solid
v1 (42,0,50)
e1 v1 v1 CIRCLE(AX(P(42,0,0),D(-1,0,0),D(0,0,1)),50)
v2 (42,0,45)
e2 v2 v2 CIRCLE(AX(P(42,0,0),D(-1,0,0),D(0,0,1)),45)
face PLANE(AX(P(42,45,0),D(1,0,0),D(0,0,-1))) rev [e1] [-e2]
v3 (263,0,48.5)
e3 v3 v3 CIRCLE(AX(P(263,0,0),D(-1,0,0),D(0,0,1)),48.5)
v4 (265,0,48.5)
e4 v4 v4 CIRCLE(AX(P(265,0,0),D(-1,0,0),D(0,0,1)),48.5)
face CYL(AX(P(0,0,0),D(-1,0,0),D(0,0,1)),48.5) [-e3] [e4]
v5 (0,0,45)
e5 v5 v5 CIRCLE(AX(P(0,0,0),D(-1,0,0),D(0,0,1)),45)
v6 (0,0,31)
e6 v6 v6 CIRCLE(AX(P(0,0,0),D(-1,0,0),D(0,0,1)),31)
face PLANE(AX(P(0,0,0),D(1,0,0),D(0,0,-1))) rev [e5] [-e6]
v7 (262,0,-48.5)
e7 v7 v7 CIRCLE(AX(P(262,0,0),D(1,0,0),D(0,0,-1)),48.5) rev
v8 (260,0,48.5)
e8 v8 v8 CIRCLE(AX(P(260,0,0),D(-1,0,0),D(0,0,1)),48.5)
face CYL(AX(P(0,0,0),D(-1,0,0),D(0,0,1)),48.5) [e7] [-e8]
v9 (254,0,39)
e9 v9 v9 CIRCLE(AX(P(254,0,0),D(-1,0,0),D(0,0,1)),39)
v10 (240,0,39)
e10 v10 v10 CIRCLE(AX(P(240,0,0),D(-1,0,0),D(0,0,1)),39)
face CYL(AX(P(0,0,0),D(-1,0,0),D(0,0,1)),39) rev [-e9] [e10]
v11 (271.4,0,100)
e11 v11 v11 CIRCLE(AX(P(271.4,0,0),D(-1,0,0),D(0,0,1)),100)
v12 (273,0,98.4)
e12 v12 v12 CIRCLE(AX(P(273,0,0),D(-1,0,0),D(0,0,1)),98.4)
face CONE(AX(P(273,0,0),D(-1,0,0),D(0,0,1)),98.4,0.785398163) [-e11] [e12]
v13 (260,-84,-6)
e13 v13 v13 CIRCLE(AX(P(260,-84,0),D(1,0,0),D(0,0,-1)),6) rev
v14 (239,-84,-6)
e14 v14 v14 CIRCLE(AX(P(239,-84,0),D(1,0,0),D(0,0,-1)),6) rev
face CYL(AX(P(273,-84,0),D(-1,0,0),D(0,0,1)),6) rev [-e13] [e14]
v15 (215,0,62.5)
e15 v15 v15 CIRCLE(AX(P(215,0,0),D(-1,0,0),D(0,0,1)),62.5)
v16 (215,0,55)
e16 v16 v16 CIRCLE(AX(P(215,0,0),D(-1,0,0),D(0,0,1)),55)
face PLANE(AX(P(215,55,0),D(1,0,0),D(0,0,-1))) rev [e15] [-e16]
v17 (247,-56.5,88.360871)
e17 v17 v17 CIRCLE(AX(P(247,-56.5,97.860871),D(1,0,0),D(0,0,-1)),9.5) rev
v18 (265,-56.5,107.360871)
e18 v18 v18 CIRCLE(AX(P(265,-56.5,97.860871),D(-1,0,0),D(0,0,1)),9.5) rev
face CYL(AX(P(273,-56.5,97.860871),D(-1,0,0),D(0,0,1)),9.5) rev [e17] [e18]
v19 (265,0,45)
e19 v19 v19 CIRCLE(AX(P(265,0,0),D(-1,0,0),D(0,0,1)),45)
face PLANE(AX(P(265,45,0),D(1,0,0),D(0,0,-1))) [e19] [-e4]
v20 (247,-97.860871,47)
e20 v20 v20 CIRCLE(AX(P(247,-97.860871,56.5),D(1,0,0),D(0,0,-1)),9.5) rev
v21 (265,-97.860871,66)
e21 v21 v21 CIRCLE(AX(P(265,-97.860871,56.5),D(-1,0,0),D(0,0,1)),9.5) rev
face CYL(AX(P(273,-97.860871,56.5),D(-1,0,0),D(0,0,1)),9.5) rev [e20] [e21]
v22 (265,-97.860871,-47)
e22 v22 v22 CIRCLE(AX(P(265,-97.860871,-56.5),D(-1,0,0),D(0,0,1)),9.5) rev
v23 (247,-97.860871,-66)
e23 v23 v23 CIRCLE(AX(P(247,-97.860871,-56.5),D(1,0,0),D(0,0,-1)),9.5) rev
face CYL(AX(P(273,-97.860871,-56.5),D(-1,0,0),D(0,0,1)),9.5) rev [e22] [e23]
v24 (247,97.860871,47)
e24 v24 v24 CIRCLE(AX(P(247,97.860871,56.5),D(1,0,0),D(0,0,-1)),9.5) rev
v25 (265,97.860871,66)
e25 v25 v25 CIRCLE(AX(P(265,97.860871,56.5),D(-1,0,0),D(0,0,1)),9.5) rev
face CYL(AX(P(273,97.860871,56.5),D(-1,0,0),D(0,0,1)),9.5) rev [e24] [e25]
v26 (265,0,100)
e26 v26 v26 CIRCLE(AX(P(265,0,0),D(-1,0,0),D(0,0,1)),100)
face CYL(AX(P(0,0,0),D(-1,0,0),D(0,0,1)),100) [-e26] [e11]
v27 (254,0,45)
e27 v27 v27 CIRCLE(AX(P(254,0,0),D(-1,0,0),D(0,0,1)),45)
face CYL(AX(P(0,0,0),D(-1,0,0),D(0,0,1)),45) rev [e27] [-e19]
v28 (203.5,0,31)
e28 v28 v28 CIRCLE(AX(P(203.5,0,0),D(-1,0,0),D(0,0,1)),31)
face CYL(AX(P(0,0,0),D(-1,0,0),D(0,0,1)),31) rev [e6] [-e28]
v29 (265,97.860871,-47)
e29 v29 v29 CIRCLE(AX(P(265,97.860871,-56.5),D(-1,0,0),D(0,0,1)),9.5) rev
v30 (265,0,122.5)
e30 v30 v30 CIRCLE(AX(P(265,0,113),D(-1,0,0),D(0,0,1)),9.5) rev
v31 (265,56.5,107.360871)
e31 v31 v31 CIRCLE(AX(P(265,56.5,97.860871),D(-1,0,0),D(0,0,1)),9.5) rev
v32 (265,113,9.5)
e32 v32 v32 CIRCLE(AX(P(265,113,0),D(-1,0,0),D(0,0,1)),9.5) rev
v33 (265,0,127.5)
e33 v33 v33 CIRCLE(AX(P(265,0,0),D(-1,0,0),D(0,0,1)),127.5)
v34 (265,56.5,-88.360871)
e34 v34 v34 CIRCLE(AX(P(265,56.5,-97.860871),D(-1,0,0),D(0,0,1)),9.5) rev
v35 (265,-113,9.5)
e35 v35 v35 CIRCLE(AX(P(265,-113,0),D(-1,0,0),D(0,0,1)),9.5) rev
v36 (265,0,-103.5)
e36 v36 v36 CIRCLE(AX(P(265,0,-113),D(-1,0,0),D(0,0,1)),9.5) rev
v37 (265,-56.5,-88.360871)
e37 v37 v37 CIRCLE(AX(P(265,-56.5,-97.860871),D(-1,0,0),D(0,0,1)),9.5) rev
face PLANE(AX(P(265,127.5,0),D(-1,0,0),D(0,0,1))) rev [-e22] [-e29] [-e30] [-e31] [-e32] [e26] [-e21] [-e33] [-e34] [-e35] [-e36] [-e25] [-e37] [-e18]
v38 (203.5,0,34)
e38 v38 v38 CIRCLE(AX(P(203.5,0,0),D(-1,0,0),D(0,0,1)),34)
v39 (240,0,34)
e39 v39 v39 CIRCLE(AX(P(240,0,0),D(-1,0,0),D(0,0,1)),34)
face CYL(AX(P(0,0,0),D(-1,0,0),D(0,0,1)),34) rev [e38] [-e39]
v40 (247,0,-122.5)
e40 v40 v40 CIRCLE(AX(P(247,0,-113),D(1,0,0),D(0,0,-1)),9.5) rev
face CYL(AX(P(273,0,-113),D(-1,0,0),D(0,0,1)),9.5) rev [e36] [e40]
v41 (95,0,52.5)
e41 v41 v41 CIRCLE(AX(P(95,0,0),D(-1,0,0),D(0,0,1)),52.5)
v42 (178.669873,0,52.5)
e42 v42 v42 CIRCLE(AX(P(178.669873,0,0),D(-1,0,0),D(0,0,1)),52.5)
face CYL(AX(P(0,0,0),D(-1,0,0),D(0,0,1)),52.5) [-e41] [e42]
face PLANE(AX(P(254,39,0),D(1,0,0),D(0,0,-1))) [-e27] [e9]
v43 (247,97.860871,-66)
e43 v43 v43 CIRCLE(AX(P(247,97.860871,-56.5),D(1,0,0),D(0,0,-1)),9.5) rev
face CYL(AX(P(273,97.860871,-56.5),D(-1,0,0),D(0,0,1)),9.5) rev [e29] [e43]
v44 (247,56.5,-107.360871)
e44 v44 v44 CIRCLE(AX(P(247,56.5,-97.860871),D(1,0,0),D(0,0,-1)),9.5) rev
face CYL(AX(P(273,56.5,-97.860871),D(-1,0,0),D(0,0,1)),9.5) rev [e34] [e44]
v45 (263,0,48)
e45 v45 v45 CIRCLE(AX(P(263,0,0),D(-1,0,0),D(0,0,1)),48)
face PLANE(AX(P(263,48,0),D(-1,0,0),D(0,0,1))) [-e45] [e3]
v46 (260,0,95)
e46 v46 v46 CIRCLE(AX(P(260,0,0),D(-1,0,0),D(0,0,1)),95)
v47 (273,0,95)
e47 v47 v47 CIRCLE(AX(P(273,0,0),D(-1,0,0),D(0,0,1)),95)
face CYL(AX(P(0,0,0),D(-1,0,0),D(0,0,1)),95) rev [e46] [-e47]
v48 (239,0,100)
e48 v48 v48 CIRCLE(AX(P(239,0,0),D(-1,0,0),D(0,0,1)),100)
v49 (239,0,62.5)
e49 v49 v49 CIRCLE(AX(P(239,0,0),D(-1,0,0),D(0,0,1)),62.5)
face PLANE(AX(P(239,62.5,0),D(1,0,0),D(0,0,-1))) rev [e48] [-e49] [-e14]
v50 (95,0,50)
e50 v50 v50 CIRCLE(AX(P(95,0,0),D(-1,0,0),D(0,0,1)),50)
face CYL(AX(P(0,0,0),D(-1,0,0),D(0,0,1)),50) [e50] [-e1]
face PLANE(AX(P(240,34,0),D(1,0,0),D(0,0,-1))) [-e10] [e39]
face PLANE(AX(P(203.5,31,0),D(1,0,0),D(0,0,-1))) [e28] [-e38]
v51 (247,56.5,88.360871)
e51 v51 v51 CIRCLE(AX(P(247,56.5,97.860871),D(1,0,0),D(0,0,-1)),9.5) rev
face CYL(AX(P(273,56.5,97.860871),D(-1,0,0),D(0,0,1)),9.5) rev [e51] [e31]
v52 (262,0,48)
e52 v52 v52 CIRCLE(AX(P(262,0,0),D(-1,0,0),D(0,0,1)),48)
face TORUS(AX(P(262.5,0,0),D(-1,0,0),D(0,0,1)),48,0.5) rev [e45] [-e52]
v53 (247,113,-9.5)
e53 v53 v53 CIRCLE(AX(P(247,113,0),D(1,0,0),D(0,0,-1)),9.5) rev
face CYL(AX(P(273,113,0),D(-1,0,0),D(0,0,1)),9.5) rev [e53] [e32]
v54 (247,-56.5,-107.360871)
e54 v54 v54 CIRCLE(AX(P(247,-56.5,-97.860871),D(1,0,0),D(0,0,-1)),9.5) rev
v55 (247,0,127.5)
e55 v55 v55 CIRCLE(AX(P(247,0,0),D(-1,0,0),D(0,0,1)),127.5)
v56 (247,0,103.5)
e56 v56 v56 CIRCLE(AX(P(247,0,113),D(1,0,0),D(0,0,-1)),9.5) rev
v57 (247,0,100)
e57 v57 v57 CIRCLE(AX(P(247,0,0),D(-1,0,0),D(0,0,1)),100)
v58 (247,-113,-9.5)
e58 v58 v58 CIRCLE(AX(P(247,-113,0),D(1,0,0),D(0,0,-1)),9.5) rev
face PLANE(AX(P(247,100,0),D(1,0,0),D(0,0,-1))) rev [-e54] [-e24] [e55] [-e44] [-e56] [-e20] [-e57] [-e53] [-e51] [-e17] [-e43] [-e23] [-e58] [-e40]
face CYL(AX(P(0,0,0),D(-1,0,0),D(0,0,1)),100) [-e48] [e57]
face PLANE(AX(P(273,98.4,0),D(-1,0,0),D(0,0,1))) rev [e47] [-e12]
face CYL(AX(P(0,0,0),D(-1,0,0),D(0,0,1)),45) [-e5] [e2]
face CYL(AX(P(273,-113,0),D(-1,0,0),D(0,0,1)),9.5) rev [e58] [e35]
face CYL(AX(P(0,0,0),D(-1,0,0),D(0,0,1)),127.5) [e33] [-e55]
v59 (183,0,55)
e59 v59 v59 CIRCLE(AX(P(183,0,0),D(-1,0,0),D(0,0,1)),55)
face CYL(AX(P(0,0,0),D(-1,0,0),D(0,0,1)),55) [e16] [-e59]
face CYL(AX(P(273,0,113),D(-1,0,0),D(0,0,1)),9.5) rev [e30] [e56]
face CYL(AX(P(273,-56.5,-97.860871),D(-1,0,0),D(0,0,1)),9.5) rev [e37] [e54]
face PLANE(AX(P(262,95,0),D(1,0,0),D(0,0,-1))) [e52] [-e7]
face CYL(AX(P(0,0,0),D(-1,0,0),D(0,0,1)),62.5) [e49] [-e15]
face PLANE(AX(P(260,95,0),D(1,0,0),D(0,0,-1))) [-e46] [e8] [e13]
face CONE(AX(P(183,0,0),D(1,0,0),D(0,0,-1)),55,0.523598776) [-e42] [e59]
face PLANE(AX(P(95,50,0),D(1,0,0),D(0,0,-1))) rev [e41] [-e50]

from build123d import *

# Parameters (mm, degrees)
SKETCH_3_W           = 2
SKETCH_3_H           = 46.5
SKETCH_5_W           = 2
SKETCH_5_H           = 46.5
SKETCH_6_R           = 9.5
CUT_EXTRUDE_1_DEPTH  = 328.171973127
SKETCH_7_R           = 9.5
CUT_EXTRUDE_2_DEPTH  = 328.171973127
SKETCH_8_R           = 9.5
CUT_EXTRUDE_3_DEPTH  = 328.171973127
SKETCH_9_R           = 9.5
CUT_EXTRUDE_4_DEPTH  = 328.171973127
SKETCH_10_R          = 9.5
CUT_EXTRUDE_5_DEPTH  = 328.171973127
SKETCH_11_R          = 9.5
CUT_EXTRUDE_6_DEPTH  = 328.171973127
SKETCH_12_R          = 9.5
CUT_EXTRUDE_7_DEPTH  = 328.171973127
SKETCH_13_R          = 9.5
CUT_EXTRUDE_8_DEPTH  = 328.171973127
SKETCH_14_R          = 9.5
CUT_EXTRUDE_9_DEPTH  = 328.171973127
SKETCH_15_R          = 9.5
CUT_EXTRUDE_10_DEPTH = 328.171973127
SKETCH_16_R          = 9.5
CUT_EXTRUDE_11_DEPTH = 328.171973127
SKETCH_17_R          = 9.5
CUT_EXTRUDE_12_DEPTH = 328.171973127
SKETCH_18_R          = 6
CUT_EXTRUDE_13_DEPTH = 328.171973127


with BuildPart() as part:
    # Эскиз1 → Повернуть1 (revolve)
    with BuildSketch(Plane.XY, mode=Mode.PRIVATE) as revolve_1_sk:
        Polygon((0, 0), (273, 0), (273, 98.4), (271.4, 100), (265, 100), (265, 127.5), (247, 127.5), (247, 100), (239, 100), (239, 62.5), (215, 62.5), (215, 55), (183, 55), (178.669872981, 52.5), (95, 52.5), (95, 50), (42, 50), (42, 45), (0, 45), align=None)
    revolve(revolve_1_sk.sketch.rotate(Axis((0, 0, 0), (1, 0, 0)), 90), axis=Axis((0, 0, 0), (1, 0, 0)))

    # Эскиз2 → Вырез-Повернуть1 (revolve, cut)
    with BuildSketch(Plane.XY, mode=Mode.PRIVATE) as cut_revolve_1_sk:
        Polygon((0, 0), (273, 0), (273, 95), (265, 95), (265, 45), (254, 45), (254, 39), (240, 39), (240, 34), (203.5, 34), (203.5, 31), (0, 31), align=None)
    revolve(cut_revolve_1_sk.sketch.rotate(Axis((0, 0, 0), (1, 0, 0)), 90), axis=Axis((0, 0, 0), (1, 0, 0)), mode=Mode.SUBTRACT)

    # Эскиз3 → Rear_recess_left (revolve, cut)
    with BuildSketch(Plane.XY, mode=Mode.PRIVATE) as rear_recess_left_sk:
        with Locations((261, 71.75)):
            Rectangle(SKETCH_3_W, SKETCH_3_H)
    revolve(rear_recess_left_sk.sketch.rotate(Axis((0, 0, 0), (1, 0, 0)), 90), axis=Axis((0, 0, 0), (1, 0, 0)), mode=Mode.SUBTRACT)

    # Эскиз4 → Collar_groove_nominal (revolve, cut)
    with BuildSketch(Plane.XY, mode=Mode.PRIVATE) as collar_groove_nominal_sk:
        with BuildLine():
            Line((263, 48), (263, 95))
            Line((263, 95), (262, 95))
            Line((262, 95), (262, 48))
            ThreePointArc((262, 48), (262.146446609, 47.646446609), (262.5, 47.5))
            ThreePointArc((262.5, 47.5), (262.853553391, 47.646446609), (263, 48))
        make_face()
    revolve(collar_groove_nominal_sk.sketch.rotate(Axis((0, 0, 0), (1, 0, 0)), 90), axis=Axis((0, 0, 0), (1, 0, 0)), mode=Mode.SUBTRACT)

    # Эскиз5 → Rear_recess_lip (revolve, cut)
    with BuildSketch(Plane.XY, mode=Mode.PRIVATE) as rear_recess_lip_sk:
        with Locations((264, 71.75)):
            Rectangle(SKETCH_5_W, SKETCH_5_H)
    revolve(rear_recess_lip_sk.sketch.rotate(Axis((0, 0, 0), (1, 0, 0)), 90), axis=Axis((0, 0, 0), (1, 0, 0)), mode=Mode.SUBTRACT)

    # Эскиз6 → Вырез-Вытянуть1 (cut, through all)
    with BuildSketch(Plane(origin=(0, 0, 0), x_dir=(0, 0, -1), z_dir=(1, 0, 0))):
        with Locations(Location((0, 113, 0), (0, 0, 180))):
            Circle(SKETCH_6_R)
    extrude(amount=CUT_EXTRUDE_1_DEPTH, mode=Mode.SUBTRACT)

    # Эскиз7 → Вырез-Вытянуть2 (cut, through all)
    with BuildSketch(Plane(origin=(0, 0, 0), x_dir=(0, 0, -1), z_dir=(1, 0, 0))):
        with Locations(Location((-56.5, 97.860870628, 0), (0, 0, 180))):
            Circle(SKETCH_7_R)
    extrude(amount=CUT_EXTRUDE_2_DEPTH, mode=Mode.SUBTRACT)

    # Эскиз8 → Вырез-Вытянуть3 (cut, through all)
    with BuildSketch(Plane(origin=(0, 0, 0), x_dir=(0, 0, -1), z_dir=(1, 0, 0))):
        with Locations(Location((-97.860870628, 56.5, 0), (0, 0, 180))):
            Circle(SKETCH_8_R)
    extrude(amount=CUT_EXTRUDE_3_DEPTH, mode=Mode.SUBTRACT)

    # Эскиз9 → Вырез-Вытянуть4 (cut, through all)
    with BuildSketch(Plane(origin=(0, 0, 0), x_dir=(0, 0, -1), z_dir=(1, 0, 0))):
        with Locations(Location((-113, 0, 0), (0, 0, 180))):
            Circle(SKETCH_9_R)
    extrude(amount=CUT_EXTRUDE_4_DEPTH, mode=Mode.SUBTRACT)

    # Эскиз10 → Вырез-Вытянуть5 (cut, through all)
    with BuildSketch(Plane(origin=(0, 0, 0), x_dir=(0, 0, -1), z_dir=(1, 0, 0))):
        with Locations(Location((-97.860870628, -56.5, 0), (0, 0, 180))):
            Circle(SKETCH_10_R)
    extrude(amount=CUT_EXTRUDE_5_DEPTH, mode=Mode.SUBTRACT)

    # Эскиз11 → Вырез-Вытянуть6 (cut, through all)
    with BuildSketch(Plane(origin=(0, 0, 0), x_dir=(0, 0, -1), z_dir=(1, 0, 0))):
        with Locations(Location((-56.5, -97.860870628, 0), (0, 0, 180))):
            Circle(SKETCH_11_R)
    extrude(amount=CUT_EXTRUDE_6_DEPTH, mode=Mode.SUBTRACT)

    # Эскиз12 → Вырез-Вытянуть7 (cut, through all)
    with BuildSketch(Plane(origin=(0, 0, 0), x_dir=(0, 0, -1), z_dir=(1, 0, 0))):
        with Locations(Location((0, -113, 0), (0, 0, 180))):
            Circle(SKETCH_12_R)
    extrude(amount=CUT_EXTRUDE_7_DEPTH, mode=Mode.SUBTRACT)

    # Эскиз13 → Вырез-Вытянуть8 (cut, through all)
    with BuildSketch(Plane(origin=(0, 0, 0), x_dir=(0, 0, -1), z_dir=(1, 0, 0))):
        with Locations(Location((56.5, -97.860870628, 0), (0, 0, 180))):
            Circle(SKETCH_13_R)
    extrude(amount=CUT_EXTRUDE_8_DEPTH, mode=Mode.SUBTRACT)

    # Эскиз14 → Вырез-Вытянуть9 (cut, through all)
    with BuildSketch(Plane(origin=(0, 0, 0), x_dir=(0, 0, -1), z_dir=(1, 0, 0))):
        with Locations(Location((97.860870628, -56.5, 0), (0, 0, 180))):
            Circle(SKETCH_14_R)
    extrude(amount=CUT_EXTRUDE_9_DEPTH, mode=Mode.SUBTRACT)

    # Эскиз15 → Вырез-Вытянуть10 (cut, through all)
    with BuildSketch(Plane(origin=(0, 0, 0), x_dir=(0, 0, -1), z_dir=(1, 0, 0))):
        with Locations(Location((113, 0, 0), (0, 0, 180))):
            Circle(SKETCH_15_R)
    extrude(amount=CUT_EXTRUDE_10_DEPTH, mode=Mode.SUBTRACT)

    # Эскиз16 → Вырез-Вытянуть11 (cut, through all)
    with BuildSketch(Plane(origin=(0, 0, 0), x_dir=(0, 0, -1), z_dir=(1, 0, 0))):
        with Locations(Location((97.860870628, 56.5, 0), (0, 0, 180))):
            Circle(SKETCH_16_R)
    extrude(amount=CUT_EXTRUDE_11_DEPTH, mode=Mode.SUBTRACT)

    # Эскиз17 → Вырез-Вытянуть12 (cut, through all)
    with BuildSketch(Plane(origin=(0, 0, 0), x_dir=(0, 0, -1), z_dir=(1, 0, 0))):
        with Locations(Location((56.5, 97.860870628, 0), (0, 0, 180))):
            Circle(SKETCH_17_R)
    extrude(amount=CUT_EXTRUDE_12_DEPTH, mode=Mode.SUBTRACT)

    # Эскиз18 → Вырез-Вытянуть13 (cut, through all)
    with BuildSketch(Plane(origin=(0, 0, 0), x_dir=(0, 0, -1), z_dir=(1, 0, 0))):
        with Locations((0, -84)):
            Circle(SKETCH_18_R)
    extrude(amount=CUT_EXTRUDE_13_DEPTH, mode=Mode.SUBTRACT)


solid = part.part
